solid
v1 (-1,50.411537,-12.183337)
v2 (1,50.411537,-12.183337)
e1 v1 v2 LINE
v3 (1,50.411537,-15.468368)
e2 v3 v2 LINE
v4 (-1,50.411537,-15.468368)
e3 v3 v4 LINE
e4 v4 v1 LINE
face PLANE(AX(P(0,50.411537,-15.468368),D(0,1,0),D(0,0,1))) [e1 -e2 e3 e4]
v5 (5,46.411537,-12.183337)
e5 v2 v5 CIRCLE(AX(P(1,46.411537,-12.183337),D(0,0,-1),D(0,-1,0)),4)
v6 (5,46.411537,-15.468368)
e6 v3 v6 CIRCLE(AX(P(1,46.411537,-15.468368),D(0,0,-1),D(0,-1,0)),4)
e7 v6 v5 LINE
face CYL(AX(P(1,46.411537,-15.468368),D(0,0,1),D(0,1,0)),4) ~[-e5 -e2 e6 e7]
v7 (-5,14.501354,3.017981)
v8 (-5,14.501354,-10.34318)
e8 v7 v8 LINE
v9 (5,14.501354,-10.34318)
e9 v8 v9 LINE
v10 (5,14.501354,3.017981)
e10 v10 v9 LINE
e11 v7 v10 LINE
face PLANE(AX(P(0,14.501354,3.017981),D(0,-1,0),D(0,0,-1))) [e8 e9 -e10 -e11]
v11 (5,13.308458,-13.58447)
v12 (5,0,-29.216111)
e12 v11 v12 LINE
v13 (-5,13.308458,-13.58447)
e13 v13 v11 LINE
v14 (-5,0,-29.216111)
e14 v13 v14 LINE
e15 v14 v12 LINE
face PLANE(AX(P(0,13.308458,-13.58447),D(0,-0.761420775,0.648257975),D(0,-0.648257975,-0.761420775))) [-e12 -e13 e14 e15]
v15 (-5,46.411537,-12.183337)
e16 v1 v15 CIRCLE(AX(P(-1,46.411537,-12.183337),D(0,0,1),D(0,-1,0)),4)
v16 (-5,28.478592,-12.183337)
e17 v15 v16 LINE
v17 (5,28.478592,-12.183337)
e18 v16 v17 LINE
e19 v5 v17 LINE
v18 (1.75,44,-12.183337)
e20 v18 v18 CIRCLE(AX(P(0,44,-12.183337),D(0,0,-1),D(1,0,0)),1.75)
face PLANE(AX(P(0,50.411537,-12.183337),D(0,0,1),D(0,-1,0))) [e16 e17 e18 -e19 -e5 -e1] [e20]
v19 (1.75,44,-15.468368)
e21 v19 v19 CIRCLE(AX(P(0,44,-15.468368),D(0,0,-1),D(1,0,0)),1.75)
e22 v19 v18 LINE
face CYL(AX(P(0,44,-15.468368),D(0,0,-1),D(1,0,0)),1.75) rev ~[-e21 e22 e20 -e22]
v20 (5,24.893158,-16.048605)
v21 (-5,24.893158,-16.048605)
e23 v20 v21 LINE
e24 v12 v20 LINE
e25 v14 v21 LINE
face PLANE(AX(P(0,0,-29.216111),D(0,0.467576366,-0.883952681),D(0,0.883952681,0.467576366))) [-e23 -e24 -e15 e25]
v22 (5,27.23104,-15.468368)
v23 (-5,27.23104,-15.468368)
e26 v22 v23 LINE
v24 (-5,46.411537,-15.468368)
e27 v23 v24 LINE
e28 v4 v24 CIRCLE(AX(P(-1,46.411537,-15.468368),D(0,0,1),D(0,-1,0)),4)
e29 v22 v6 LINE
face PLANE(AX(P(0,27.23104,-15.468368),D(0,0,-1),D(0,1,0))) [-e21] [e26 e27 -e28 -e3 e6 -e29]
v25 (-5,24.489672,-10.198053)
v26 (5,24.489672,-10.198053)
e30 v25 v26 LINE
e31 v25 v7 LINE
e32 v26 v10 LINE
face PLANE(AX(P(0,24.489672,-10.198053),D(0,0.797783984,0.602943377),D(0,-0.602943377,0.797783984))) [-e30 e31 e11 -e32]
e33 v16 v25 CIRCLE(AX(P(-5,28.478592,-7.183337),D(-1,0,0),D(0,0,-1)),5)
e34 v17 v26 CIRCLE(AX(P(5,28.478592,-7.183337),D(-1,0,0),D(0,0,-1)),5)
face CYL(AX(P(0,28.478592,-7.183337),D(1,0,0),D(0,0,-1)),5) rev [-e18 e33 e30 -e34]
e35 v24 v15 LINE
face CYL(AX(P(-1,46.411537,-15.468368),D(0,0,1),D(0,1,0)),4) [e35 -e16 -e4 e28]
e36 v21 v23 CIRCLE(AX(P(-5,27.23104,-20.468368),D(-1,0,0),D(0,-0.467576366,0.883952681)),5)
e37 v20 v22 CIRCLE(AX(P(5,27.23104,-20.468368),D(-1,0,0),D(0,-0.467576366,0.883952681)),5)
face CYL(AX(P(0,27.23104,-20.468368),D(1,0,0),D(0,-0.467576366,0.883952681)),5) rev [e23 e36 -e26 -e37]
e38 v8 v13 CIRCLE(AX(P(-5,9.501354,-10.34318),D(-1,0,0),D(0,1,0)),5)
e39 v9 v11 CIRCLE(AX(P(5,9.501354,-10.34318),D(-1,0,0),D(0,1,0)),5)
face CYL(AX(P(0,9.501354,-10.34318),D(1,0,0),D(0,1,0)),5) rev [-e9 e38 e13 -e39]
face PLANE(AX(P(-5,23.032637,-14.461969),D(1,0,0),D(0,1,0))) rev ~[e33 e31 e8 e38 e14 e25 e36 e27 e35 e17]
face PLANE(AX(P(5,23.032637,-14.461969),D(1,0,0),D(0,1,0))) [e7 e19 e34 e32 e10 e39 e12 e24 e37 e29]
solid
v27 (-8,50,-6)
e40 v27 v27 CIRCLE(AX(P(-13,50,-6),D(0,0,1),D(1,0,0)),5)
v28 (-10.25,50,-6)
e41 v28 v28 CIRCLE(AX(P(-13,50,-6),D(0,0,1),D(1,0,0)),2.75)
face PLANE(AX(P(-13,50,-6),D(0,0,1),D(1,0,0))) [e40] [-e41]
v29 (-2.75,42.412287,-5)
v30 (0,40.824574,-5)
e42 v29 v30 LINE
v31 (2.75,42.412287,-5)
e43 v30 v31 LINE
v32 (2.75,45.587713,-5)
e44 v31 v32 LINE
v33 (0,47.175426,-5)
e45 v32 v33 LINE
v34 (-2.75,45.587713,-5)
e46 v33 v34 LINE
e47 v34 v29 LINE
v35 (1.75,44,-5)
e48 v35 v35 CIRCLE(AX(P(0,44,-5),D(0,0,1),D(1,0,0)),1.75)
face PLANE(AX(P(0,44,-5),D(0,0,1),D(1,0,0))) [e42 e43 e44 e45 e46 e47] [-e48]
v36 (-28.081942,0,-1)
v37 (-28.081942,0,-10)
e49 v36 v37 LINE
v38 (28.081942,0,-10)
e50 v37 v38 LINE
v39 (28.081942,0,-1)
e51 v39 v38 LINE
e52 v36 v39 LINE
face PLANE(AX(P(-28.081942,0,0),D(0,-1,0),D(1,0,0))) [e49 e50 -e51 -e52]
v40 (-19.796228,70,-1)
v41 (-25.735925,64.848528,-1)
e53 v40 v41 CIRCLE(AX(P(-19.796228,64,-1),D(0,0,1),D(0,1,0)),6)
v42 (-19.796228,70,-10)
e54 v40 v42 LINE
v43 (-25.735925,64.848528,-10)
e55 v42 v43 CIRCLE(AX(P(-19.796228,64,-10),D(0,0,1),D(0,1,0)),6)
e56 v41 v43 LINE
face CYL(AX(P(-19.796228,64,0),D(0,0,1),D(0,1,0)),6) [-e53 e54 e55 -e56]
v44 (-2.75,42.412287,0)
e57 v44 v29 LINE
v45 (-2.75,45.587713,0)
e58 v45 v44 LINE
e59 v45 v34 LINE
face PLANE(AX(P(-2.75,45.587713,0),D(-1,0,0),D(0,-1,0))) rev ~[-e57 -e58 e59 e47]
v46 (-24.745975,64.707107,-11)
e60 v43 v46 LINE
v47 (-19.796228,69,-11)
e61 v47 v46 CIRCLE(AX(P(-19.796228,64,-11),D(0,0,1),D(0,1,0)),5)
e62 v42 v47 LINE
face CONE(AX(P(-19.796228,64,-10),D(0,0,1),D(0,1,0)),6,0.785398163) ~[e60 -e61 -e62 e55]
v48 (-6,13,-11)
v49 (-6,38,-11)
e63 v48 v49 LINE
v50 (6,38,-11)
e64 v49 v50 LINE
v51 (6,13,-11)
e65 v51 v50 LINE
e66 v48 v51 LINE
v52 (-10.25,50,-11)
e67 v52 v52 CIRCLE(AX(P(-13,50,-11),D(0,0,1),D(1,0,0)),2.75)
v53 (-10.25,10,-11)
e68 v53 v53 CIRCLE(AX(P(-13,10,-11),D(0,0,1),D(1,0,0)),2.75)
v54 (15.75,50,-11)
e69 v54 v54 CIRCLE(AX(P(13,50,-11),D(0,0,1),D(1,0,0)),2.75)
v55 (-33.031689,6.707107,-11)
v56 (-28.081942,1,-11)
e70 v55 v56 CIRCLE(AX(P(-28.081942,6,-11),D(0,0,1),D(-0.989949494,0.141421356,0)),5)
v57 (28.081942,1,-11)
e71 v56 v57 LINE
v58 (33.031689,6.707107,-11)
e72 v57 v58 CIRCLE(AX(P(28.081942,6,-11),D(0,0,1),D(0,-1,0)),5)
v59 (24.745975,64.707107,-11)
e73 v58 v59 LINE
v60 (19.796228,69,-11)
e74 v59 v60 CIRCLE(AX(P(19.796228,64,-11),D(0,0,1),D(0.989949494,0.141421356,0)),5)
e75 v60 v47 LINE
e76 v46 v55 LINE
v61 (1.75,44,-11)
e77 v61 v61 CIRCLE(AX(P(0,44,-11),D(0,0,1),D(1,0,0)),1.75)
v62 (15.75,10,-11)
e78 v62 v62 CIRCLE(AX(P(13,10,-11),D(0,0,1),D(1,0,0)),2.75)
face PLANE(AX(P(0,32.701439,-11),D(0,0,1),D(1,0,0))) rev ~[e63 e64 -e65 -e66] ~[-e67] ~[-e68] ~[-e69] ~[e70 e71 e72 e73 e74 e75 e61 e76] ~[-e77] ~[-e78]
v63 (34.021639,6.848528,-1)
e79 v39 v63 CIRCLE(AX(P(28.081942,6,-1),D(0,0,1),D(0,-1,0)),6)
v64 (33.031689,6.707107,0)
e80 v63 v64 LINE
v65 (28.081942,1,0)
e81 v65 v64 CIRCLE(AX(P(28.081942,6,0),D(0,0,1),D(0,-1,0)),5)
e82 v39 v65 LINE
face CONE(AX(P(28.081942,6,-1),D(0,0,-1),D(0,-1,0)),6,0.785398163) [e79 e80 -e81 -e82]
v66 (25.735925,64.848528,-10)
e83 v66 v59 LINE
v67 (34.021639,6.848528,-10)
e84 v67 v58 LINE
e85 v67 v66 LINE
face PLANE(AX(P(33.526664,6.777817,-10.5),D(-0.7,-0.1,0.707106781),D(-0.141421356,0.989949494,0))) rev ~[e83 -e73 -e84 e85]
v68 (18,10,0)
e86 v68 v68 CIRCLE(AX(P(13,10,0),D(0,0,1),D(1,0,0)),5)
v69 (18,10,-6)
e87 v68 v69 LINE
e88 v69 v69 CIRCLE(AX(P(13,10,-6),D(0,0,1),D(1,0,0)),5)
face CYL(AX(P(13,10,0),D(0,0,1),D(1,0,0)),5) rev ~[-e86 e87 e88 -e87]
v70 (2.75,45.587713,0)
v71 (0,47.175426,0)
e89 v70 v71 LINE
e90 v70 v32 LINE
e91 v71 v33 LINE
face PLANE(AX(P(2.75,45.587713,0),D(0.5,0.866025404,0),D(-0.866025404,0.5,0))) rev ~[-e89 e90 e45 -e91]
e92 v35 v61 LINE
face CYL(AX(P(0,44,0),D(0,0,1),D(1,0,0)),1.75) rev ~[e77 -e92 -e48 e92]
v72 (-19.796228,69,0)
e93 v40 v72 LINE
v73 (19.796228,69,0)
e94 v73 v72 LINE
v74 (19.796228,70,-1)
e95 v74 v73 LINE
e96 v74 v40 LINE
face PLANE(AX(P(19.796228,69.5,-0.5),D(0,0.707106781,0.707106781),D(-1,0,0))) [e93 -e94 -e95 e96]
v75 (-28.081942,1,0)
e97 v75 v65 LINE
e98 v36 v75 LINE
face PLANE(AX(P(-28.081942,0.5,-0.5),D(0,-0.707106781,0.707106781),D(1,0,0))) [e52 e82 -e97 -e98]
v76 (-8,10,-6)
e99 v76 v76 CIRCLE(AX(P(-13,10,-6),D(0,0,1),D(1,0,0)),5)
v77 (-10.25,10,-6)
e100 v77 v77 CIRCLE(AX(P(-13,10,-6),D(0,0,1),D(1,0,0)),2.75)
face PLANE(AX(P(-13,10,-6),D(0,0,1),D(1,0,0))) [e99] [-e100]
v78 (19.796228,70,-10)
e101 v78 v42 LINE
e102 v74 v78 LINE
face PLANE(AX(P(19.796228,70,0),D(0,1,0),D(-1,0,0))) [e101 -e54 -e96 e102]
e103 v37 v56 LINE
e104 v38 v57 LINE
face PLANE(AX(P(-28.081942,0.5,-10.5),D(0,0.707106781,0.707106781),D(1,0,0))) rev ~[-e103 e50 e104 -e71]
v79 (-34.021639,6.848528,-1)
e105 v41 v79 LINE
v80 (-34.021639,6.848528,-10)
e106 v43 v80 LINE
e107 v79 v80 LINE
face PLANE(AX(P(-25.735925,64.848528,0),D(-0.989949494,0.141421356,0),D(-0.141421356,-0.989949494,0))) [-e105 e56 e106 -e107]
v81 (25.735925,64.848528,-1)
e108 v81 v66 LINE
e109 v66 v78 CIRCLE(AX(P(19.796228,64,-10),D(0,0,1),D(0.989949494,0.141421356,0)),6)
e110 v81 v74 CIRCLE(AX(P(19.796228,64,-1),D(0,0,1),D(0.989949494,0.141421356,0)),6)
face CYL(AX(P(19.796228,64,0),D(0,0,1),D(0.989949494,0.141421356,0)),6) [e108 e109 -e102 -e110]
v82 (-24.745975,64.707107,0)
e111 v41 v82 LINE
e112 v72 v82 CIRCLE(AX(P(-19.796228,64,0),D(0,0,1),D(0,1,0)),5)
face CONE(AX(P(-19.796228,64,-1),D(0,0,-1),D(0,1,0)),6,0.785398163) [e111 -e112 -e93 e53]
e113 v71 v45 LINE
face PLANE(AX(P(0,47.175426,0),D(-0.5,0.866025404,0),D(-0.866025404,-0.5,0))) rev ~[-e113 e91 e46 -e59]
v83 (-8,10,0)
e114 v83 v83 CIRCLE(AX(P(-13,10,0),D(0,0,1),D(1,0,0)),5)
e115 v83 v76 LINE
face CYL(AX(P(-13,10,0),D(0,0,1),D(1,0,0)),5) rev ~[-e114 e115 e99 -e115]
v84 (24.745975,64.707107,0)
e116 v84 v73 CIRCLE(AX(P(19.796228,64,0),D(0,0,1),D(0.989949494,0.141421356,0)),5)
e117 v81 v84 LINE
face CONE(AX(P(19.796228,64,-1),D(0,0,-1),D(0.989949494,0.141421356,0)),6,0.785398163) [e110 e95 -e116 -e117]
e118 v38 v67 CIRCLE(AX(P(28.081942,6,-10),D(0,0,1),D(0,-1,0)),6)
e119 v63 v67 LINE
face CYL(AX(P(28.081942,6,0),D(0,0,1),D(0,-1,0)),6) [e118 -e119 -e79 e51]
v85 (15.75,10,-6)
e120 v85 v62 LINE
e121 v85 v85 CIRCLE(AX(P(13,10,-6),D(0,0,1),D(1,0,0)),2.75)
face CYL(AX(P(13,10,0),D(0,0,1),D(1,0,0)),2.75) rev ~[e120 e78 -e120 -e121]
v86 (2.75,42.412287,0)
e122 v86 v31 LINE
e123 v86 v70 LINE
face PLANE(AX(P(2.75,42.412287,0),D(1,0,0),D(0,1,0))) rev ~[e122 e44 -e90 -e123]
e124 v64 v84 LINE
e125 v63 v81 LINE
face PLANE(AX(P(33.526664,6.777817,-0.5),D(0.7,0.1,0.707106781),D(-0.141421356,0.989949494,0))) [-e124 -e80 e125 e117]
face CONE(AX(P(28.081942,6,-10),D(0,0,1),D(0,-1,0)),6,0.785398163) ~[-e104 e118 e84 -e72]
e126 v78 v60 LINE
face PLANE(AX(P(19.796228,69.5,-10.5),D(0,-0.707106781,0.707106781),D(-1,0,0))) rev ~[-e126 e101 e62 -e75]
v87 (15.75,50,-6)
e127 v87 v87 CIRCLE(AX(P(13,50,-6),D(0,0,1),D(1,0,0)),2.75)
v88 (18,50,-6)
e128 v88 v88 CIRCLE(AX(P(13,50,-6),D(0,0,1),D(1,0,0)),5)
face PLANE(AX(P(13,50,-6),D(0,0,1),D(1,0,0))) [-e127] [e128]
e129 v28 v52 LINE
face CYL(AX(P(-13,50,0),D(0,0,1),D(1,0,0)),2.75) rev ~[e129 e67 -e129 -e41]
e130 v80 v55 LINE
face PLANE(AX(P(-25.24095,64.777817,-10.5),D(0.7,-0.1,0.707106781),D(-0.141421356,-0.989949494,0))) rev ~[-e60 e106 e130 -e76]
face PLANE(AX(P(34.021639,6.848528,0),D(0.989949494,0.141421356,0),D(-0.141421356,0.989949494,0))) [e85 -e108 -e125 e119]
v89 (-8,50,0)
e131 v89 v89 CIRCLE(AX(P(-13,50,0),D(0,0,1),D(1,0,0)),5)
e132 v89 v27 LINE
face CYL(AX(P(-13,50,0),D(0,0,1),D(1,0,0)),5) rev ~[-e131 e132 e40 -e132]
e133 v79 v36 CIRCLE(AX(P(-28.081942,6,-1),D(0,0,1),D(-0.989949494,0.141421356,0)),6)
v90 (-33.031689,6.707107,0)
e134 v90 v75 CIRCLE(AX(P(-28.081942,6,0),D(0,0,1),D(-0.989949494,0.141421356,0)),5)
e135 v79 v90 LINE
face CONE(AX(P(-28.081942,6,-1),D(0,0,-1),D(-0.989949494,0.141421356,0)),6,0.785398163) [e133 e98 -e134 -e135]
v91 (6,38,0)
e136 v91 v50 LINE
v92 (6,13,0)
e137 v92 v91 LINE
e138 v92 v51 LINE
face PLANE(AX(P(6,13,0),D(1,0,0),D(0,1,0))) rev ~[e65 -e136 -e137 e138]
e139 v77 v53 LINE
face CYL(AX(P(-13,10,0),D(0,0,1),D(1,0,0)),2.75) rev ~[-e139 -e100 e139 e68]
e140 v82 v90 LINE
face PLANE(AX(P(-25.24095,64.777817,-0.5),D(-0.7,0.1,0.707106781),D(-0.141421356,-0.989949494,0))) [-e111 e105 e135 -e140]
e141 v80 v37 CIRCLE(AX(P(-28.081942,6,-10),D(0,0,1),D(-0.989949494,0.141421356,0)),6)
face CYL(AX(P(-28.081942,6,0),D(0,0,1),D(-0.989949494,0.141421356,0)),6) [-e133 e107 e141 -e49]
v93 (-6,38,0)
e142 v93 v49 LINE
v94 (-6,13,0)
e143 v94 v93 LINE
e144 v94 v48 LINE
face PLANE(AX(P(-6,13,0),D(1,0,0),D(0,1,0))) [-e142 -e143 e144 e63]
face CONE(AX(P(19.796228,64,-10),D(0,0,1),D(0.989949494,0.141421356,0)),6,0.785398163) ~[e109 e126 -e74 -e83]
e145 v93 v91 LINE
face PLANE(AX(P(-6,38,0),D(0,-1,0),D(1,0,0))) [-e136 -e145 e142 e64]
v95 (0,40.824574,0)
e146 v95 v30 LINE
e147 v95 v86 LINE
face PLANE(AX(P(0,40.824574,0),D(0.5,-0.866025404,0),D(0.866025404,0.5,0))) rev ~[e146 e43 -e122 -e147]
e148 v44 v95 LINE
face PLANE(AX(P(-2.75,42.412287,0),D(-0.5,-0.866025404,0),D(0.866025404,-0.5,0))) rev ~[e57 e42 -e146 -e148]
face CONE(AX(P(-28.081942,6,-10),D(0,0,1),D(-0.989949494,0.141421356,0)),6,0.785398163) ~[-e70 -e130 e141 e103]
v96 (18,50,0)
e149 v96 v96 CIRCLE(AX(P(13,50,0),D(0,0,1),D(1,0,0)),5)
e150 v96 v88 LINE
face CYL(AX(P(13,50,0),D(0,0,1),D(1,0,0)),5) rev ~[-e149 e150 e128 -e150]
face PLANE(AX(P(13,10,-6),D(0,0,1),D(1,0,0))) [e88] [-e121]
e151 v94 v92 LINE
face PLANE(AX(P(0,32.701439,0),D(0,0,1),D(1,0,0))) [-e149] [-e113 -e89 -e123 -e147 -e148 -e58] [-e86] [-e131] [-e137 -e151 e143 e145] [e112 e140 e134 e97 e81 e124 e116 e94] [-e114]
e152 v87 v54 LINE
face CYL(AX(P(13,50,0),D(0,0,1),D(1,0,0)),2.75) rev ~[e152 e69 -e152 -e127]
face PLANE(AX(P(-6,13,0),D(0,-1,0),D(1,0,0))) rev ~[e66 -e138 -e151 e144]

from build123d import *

# Parameters (mm, degrees)
F0_R      = 5
F0_W      = 12
F0_H      = 25
F0_R_2    = 1.75
F0_R_3    = 2.75
F1_DEPTH  = 11
F2_SIZE   = 1
F3_SIZE   = 1
F4_DEPTH  = 6
F6_DEPTH  = 5
F8_R      = 4
F7_R      = 1.75
F9_DEPTH  = 3.2850317657
F10_R     = 1.75
F11_DEPTH = 5


with BuildPart() as f1:
    # F0 (on Top) → F1 (new body)
    with BuildSketch(Plane.XY):
        with BuildLine():
            ThreePointArc((-34.0216388375, 6.8485281374), (-32.6146656055, 2.0687895518), (-28.0819418755, 0))
            Line((-28.0819418755, 0), (28.0819418755, 0))
            ThreePointArc((28.0819418755, 0), (32.6146656055, 2.0687895518), (34.0216388375, 6.8485281374))
            Line((34.0216388375, 6.8485281374), (25.7359245518, 64.8485281374))
            ThreePointArc((25.7359245518, 64.8485281374), (23.727438038, 68.53272373), (19.7962275898, 70))
            Line((19.7962275898, 70), (-19.7962275898, 70))
            ThreePointArc((-19.7962275898, 70), (-23.727438038, 68.53272373), (-25.7359245518, 64.8485281374))
            Line((-25.7359245518, 64.8485281374), (-34.0216388375, 6.8485281374))
        make_face()
        with Locations((-13, 10)):
            Circle(F0_R, mode=Mode.SUBTRACT)
        with Locations((0, 25.5)):
            Rectangle(F0_W, F0_H, mode=Mode.SUBTRACT)
        with Locations((13, 10)):
            Circle(F0_R, mode=Mode.SUBTRACT)
        with Locations((-13, 50)):
            Circle(F0_R, mode=Mode.SUBTRACT)
        with Locations((0, 44)):
            Circle(F0_R_2, mode=Mode.SUBTRACT)
        with Locations((13, 50)):
            Circle(F0_R, mode=Mode.SUBTRACT)
        with Locations((13, 50)):
            Circle(F0_R)
        with Locations((13, 50)):
            Circle(F0_R_3, mode=Mode.SUBTRACT)
        with Locations((13, 10)):
            Circle(F0_R)
        with Locations((13, 10)):
            Circle(F0_R_3, mode=Mode.SUBTRACT)
        with Locations((-13, 10)):
            Circle(F0_R)
        with Locations((-13, 10)):
            Circle(F0_R_3, mode=Mode.SUBTRACT)
        with Locations((-13, 50)):
            Circle(F0_R)
        with Locations((-13, 50)):
            Circle(F0_R_3, mode=Mode.SUBTRACT)
    extrude(amount=-F1_DEPTH)

    # F2
    f2_edges = [f1.edges().sort_by_distance(p)[0] for p in [
        (29.878782, 35.848528, 0),
    ]]
    chamfer(f2_edges, length=F2_SIZE)

    # F3
    f3_edges = [f1.edges().sort_by_distance(p)[0] for p in [
        (-29.878782, 35.848528, -11),
    ]]
    chamfer(f3_edges, length=F3_SIZE)

    # F0 (on Top) → F4 (cut)
    with BuildSketch(Plane.XY):
        with Locations((-13, 50)):
            Circle(F0_R)
        with Locations((-13, 50)):
            Circle(F0_R_3, mode=Mode.SUBTRACT)
        with Locations((13, 50)):
            Circle(F0_R)
        with Locations((13, 50)):
            Circle(F0_R_3, mode=Mode.SUBTRACT)
        with Locations((13, 10)):
            Circle(F0_R)
        with Locations((13, 10)):
            Circle(F0_R_3, mode=Mode.SUBTRACT)
        with Locations((-13, 10)):
            Circle(F0_R)
        with Locations((-13, 10)):
            Circle(F0_R_3, mode=Mode.SUBTRACT)
    extrude(amount=-F4_DEPTH, mode=Mode.SUBTRACT)

    # F10 (on face) → F11 (cut)
    with BuildSketch(Plane.XY):
        Polygon((2.75, 42.4122867597), (2.75, 45.5877132403), (0, 47.1754264805), (-2.75, 45.5877132403), (-2.75, 42.4122867597), (0, 40.8245735195), align=None)
        with Locations((0, 44)):
            Circle(F10_R, mode=Mode.SUBTRACT)
    extrude(amount=-F11_DEPTH, mode=Mode.SUBTRACT)


with BuildPart() as f6:
    # F5 (on Right) → F6 (new body, symmetric)
    with BuildSketch(Plane.YZ):
        with BuildLine():
            Line((50.4115372896, -15.4683683068), (50.4115372896, -12.1833365411))
            Line((50.4115372896, -12.1833365411), (28.478592073, -12.1833365411))
            ThreePointArc((28.478592073, -12.1833365411), (26.2507662739, -11.6595841), (24.4896721551, -10.1980534247))
            Line((24.4896721551, -10.1980534247), (14.5013537258, 3.017981071))
            Line((14.5013537258, 3.017981071), (14.5013537258, -10.3431800478))
            ThreePointArc((14.5013537258, -10.3431800478), (14.1936622933, -12.0700964636), (13.3084576029, -13.5844699251))
            Line((13.3084576029, -13.5844699251), (0, -29.216111172))
            Line((0, -29.216111172), (24.8931582504, -16.0486049021))
            ThreePointArc((24.8931582504, -16.0486049021), (26.0266350445, -15.6155950263), (27.2310400795, -15.4683683068))
            Line((27.2310400795, -15.4683683068), (50.4115372896, -15.4683683068))
        make_face()
    extrude(amount=F6_DEPTH, both=True)

    # F8
    f8_edges = [f6.edges().sort_by_distance(p)[0] for p in [
        (5, 50.411537, -13.825852),
        (-5, 50.411537, -13.825852),
    ]]
    fillet(f8_edges, radius=F8_R)

    # F7 (on face) → F9 (cut, through all)
    with BuildSketch(Plane(origin=(0, 0, -15.4683683068), x_dir=(1, 0, 0), z_dir=(0, 0, -1))):
        with Locations((0, -44)):
            Circle(F7_R)
    extrude(amount=-F9_DEPTH, mode=Mode.SUBTRACT)


solid = Compound([f1.part, f6.part])
